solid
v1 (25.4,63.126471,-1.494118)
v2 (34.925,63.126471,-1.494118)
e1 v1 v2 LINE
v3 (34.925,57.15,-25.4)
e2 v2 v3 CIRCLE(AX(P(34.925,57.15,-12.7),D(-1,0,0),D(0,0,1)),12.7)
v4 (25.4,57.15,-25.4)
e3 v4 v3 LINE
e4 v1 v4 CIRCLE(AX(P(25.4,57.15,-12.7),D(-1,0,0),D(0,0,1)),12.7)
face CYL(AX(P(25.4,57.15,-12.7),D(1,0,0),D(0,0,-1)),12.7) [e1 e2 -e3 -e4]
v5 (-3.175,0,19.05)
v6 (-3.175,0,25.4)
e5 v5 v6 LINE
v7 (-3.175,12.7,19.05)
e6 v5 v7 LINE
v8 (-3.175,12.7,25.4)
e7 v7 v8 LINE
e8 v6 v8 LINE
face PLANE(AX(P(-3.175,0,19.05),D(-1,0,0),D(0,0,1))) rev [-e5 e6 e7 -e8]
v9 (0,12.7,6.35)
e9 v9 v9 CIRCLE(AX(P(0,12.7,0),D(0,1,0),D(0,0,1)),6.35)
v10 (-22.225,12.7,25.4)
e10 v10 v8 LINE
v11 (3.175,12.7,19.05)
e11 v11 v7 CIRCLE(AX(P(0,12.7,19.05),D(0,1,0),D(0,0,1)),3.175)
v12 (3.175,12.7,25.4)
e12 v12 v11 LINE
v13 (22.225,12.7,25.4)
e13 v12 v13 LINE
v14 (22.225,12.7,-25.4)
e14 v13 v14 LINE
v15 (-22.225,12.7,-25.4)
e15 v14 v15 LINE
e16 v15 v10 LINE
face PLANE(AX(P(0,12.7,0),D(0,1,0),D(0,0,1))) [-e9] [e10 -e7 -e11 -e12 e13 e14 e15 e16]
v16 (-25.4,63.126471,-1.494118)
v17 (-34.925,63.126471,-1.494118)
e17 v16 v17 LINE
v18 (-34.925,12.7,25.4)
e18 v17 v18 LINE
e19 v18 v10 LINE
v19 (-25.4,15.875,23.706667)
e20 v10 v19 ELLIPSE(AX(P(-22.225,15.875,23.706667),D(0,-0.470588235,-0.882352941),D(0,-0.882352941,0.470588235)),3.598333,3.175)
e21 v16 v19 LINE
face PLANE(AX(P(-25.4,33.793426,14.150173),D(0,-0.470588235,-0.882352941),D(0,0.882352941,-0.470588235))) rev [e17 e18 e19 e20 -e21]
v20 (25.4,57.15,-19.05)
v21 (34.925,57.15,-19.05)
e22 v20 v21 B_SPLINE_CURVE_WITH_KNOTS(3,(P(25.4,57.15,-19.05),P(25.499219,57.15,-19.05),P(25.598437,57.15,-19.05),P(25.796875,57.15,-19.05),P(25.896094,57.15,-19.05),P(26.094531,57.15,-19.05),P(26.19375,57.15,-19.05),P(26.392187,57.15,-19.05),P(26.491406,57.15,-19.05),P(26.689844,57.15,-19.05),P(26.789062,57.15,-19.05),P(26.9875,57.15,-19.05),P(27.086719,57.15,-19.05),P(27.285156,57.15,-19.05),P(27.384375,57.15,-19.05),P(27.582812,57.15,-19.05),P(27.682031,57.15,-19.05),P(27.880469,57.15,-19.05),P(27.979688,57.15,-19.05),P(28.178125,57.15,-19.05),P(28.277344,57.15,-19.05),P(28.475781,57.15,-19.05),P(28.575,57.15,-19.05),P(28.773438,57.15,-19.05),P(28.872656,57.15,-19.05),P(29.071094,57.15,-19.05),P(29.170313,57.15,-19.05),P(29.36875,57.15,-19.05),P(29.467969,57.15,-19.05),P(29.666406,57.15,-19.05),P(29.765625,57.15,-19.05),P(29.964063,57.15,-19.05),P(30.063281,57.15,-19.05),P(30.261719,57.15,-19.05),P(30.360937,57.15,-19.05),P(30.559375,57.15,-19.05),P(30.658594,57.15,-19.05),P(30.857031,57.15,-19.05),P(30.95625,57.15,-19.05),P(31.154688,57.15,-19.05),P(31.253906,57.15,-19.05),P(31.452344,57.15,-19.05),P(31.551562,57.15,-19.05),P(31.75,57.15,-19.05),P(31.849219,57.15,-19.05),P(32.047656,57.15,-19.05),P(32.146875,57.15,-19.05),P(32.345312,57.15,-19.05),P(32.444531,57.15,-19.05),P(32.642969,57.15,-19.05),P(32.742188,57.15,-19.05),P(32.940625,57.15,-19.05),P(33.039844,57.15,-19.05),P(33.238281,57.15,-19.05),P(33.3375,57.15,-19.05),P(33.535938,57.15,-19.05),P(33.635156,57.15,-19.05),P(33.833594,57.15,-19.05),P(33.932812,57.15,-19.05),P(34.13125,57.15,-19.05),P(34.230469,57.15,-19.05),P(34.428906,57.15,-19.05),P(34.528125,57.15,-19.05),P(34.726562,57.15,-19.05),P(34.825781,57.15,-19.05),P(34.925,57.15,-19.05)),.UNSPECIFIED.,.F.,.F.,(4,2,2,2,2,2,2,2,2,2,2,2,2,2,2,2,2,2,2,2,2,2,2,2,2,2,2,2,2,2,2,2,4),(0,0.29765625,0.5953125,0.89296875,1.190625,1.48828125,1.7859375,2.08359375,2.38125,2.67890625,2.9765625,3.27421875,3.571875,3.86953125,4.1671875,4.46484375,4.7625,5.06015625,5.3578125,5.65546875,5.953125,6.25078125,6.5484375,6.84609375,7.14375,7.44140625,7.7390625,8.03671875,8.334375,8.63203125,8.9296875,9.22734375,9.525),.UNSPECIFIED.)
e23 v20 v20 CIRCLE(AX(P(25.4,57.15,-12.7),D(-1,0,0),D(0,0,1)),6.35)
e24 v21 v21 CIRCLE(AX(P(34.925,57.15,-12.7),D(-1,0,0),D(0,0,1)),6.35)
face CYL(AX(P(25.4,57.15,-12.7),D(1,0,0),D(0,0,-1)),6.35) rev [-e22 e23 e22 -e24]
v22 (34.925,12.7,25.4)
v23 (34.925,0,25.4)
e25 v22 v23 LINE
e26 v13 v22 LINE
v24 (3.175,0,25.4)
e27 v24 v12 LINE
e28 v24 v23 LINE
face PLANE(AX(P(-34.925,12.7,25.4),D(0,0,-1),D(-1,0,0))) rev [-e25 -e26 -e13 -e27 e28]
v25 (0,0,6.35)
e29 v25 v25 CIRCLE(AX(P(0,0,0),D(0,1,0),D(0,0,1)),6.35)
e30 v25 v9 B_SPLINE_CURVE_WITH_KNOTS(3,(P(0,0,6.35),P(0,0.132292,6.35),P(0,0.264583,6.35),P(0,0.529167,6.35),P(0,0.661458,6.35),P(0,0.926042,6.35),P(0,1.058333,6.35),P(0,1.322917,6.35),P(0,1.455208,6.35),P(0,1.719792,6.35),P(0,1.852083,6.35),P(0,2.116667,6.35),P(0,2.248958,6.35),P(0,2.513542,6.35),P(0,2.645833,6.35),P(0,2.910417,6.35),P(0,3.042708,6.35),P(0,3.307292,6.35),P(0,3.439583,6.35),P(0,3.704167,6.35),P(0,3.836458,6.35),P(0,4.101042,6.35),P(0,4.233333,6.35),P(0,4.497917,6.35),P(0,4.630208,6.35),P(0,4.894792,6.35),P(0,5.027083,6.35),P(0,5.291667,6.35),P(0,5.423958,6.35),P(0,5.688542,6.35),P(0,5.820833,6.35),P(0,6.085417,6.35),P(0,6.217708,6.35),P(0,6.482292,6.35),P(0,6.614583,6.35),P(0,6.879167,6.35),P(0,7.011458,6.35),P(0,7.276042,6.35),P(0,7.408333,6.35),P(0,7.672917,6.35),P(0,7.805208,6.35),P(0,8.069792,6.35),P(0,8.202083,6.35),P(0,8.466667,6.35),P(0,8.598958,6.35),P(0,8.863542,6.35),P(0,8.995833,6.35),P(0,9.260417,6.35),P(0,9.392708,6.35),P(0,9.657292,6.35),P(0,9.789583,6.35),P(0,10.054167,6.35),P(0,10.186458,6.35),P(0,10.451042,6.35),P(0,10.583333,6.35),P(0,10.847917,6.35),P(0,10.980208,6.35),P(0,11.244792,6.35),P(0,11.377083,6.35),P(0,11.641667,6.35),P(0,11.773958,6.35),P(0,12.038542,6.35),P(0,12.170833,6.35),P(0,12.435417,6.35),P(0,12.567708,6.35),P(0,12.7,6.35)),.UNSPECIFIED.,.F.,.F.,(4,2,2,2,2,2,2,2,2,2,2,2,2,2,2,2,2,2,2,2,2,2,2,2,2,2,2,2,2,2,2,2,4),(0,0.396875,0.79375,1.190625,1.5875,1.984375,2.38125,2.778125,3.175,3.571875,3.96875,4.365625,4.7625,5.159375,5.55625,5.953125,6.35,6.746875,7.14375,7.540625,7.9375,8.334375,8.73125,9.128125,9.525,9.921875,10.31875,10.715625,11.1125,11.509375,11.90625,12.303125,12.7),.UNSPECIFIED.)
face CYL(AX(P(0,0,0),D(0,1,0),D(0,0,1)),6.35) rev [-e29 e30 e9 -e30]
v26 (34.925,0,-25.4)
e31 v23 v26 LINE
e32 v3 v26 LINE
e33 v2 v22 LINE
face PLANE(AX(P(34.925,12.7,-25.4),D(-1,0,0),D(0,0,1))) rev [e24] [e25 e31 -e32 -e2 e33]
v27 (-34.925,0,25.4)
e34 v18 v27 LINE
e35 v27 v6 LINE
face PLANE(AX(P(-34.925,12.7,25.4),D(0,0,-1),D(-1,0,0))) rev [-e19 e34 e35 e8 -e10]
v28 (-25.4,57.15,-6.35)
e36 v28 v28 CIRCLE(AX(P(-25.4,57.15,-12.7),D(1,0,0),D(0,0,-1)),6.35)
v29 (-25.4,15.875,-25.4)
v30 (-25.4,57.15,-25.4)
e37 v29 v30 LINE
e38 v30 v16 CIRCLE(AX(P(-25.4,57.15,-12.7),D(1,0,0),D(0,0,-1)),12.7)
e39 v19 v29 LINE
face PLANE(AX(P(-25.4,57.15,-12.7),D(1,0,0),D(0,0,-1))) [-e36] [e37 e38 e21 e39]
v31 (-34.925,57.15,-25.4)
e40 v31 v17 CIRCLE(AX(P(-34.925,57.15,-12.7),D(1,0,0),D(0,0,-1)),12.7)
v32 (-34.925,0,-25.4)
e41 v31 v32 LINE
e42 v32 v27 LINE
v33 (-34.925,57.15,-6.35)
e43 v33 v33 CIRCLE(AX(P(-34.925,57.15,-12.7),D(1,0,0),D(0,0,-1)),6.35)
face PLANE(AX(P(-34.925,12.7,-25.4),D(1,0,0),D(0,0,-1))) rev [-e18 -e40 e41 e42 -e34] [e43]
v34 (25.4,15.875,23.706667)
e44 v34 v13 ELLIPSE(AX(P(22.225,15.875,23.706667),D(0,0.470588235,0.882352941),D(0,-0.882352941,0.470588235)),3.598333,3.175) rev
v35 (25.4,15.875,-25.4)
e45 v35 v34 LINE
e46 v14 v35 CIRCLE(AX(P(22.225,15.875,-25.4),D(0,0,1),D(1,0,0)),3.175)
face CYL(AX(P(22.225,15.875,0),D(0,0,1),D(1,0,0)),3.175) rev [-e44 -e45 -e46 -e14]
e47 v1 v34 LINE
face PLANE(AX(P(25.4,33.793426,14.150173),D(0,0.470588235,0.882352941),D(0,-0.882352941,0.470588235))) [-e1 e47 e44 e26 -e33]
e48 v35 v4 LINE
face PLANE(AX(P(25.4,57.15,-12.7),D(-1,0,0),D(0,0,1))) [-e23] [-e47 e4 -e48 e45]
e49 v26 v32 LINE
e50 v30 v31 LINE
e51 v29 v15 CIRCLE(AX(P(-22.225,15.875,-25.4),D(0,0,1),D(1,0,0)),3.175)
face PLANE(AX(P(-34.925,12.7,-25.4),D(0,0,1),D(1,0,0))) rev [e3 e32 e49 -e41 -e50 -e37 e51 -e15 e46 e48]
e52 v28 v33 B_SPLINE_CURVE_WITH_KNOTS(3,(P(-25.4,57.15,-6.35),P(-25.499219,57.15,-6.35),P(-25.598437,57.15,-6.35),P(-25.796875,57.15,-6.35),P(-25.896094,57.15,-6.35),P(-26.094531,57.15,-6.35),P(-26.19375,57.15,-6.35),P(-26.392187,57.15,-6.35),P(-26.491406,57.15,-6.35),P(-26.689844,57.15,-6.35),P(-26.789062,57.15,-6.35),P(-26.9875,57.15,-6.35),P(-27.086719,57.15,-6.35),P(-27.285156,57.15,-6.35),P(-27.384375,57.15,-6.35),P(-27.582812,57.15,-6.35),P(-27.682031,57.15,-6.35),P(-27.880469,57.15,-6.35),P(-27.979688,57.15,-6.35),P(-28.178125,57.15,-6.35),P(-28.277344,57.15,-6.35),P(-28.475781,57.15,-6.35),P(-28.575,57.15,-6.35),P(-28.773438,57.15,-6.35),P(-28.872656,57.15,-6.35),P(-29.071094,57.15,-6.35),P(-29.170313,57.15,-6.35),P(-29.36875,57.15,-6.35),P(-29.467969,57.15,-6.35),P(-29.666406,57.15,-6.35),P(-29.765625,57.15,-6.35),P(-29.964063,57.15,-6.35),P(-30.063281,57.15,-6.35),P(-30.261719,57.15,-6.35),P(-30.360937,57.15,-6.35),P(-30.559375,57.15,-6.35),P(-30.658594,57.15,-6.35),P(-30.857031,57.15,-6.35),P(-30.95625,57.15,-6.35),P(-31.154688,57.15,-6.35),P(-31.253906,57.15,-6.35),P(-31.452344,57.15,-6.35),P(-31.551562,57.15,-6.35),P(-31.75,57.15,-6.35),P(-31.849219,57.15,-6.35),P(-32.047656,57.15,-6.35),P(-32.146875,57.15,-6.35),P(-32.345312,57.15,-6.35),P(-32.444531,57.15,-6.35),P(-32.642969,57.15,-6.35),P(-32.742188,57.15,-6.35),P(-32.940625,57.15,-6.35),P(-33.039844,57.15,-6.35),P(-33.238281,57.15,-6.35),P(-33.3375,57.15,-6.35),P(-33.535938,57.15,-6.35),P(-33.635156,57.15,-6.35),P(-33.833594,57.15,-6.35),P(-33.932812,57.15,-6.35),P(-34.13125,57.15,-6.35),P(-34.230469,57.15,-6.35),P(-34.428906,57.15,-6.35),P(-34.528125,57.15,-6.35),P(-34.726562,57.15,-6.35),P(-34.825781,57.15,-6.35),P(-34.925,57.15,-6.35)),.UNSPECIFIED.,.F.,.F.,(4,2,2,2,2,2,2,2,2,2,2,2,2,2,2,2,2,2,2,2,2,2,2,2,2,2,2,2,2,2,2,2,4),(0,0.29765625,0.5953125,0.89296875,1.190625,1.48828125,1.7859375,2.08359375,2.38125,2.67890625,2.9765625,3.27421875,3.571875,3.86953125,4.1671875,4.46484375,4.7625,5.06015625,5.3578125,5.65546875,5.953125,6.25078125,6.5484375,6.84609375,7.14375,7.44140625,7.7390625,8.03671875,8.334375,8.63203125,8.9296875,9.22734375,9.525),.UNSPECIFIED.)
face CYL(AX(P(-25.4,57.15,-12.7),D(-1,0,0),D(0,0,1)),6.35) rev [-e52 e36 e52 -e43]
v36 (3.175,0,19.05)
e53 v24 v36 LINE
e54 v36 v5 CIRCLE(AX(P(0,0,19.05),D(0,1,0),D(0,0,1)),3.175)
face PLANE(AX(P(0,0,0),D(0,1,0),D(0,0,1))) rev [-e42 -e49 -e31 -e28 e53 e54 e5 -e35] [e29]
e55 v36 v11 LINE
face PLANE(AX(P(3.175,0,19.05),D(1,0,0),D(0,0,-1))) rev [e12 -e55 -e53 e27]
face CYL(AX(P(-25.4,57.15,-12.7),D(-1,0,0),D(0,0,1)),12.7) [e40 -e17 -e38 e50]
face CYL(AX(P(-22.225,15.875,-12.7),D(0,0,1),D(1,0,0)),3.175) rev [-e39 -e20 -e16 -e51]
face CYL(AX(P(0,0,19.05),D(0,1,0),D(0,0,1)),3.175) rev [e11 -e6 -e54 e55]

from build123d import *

# Parameters (mm, degrees)
SKETCH1_W           = 69.85
SKETCH1_H           = 50.8
BOSS_EXTRUDE1_DEPTH = 12.7
BOSS_EXTRUDE2_START = 34.925
SKETCH2_R           = 6.35
BOSS_EXTRUDE2_DEPTH = 9.525
BOSS_EXTRUDE3_START = -25.4
SKETCH2_2_R         = 6.35
BOSS_EXTRUDE3_DEPTH = 9.525
SKETCH3_R           = 6.35
CUT_EXTRUDE1_DEPTH  = 72.631264997
FILLET2_R           = 3.175


with BuildPart() as part:
    # Sketch1 → Boss-Extrude1 (new body)
    with BuildSketch(Plane(origin=(0, 0, 0), x_dir=(1, 0, 0), z_dir=(0, 1, 0))):
        Rectangle(SKETCH1_W, SKETCH1_H)
    extrude(amount=BOSS_EXTRUDE1_DEPTH)

    # Sketch2 → Boss-Extrude2 (add)
    with BuildSketch(Plane(origin=(0, 0, 0), x_dir=(0, 0, -1), z_dir=(1, 0, 0)).offset(BOSS_EXTRUDE2_START)):
        with BuildLine():
            Line((-25.4, 12.7), (1.494117647, 63.126470588))
            ThreePointArc((1.494117647, 63.126470588), (15.780202438, 69.470809752), (25.4, 57.15))
            Line((25.4, 57.15), (25.4, 12.7))
            Line((25.4, 12.7), (-25.4, 12.7))
        make_face()
        with Locations((12.7, 57.15)):
            Circle(SKETCH2_R, mode=Mode.SUBTRACT)
    extrude(amount=-BOSS_EXTRUDE2_DEPTH)

    # Sketch2<2> → Boss-Extrude3 (add)
    with BuildSketch(Plane(origin=(0, 0, 0), x_dir=(0, 0, -1), z_dir=(1, 0, 0)).offset(BOSS_EXTRUDE3_START)):
        with BuildLine():
            Line((-25.4, 12.7), (1.494117647, 63.126470588))
            ThreePointArc((1.494117647, 63.126470588), (15.780202438, 69.470809752), (25.4, 57.15))
            Line((25.4, 57.15), (25.4, 12.7))
            Line((25.4, 12.7), (-25.4, 12.7))
        make_face()
        with Locations((12.7, 57.15)):
            Circle(SKETCH2_2_R, mode=Mode.SUBTRACT)
    extrude(amount=-BOSS_EXTRUDE3_DEPTH)

    # Sketch3 → Cut-Extrude1 (cut, through all)
    with BuildSketch(Plane(origin=(0, 12.7, 0), x_dir=(1, 0, 0), z_dir=(0, 1, 0))):
        with Locations(Location((0, 0, 0), (0, 0, 270))):
            Circle(SKETCH3_R)
        with BuildLine():
            Line((3.175, -19.05), (3.175, -25.4))
            Line((3.175, -25.4), (-3.175, -25.4))
            Line((-3.175, -25.4), (-3.175, -19.05))
            ThreePointArc((-3.175, -19.05), (0, -15.875), (3.175, -19.05))
        make_face()
    extrude(amount=-CUT_EXTRUDE1_DEPTH, mode=Mode.SUBTRACT)

    # Fillet2
    fillet2_edges = [part.edges().sort_by_distance(p)[0] for p in [
        (25.4, 12.7, 0),
        (-25.4, 12.7, 0),
    ]]
    fillet(fillet2_edges, radius=FILLET2_R)


solid = part.part
